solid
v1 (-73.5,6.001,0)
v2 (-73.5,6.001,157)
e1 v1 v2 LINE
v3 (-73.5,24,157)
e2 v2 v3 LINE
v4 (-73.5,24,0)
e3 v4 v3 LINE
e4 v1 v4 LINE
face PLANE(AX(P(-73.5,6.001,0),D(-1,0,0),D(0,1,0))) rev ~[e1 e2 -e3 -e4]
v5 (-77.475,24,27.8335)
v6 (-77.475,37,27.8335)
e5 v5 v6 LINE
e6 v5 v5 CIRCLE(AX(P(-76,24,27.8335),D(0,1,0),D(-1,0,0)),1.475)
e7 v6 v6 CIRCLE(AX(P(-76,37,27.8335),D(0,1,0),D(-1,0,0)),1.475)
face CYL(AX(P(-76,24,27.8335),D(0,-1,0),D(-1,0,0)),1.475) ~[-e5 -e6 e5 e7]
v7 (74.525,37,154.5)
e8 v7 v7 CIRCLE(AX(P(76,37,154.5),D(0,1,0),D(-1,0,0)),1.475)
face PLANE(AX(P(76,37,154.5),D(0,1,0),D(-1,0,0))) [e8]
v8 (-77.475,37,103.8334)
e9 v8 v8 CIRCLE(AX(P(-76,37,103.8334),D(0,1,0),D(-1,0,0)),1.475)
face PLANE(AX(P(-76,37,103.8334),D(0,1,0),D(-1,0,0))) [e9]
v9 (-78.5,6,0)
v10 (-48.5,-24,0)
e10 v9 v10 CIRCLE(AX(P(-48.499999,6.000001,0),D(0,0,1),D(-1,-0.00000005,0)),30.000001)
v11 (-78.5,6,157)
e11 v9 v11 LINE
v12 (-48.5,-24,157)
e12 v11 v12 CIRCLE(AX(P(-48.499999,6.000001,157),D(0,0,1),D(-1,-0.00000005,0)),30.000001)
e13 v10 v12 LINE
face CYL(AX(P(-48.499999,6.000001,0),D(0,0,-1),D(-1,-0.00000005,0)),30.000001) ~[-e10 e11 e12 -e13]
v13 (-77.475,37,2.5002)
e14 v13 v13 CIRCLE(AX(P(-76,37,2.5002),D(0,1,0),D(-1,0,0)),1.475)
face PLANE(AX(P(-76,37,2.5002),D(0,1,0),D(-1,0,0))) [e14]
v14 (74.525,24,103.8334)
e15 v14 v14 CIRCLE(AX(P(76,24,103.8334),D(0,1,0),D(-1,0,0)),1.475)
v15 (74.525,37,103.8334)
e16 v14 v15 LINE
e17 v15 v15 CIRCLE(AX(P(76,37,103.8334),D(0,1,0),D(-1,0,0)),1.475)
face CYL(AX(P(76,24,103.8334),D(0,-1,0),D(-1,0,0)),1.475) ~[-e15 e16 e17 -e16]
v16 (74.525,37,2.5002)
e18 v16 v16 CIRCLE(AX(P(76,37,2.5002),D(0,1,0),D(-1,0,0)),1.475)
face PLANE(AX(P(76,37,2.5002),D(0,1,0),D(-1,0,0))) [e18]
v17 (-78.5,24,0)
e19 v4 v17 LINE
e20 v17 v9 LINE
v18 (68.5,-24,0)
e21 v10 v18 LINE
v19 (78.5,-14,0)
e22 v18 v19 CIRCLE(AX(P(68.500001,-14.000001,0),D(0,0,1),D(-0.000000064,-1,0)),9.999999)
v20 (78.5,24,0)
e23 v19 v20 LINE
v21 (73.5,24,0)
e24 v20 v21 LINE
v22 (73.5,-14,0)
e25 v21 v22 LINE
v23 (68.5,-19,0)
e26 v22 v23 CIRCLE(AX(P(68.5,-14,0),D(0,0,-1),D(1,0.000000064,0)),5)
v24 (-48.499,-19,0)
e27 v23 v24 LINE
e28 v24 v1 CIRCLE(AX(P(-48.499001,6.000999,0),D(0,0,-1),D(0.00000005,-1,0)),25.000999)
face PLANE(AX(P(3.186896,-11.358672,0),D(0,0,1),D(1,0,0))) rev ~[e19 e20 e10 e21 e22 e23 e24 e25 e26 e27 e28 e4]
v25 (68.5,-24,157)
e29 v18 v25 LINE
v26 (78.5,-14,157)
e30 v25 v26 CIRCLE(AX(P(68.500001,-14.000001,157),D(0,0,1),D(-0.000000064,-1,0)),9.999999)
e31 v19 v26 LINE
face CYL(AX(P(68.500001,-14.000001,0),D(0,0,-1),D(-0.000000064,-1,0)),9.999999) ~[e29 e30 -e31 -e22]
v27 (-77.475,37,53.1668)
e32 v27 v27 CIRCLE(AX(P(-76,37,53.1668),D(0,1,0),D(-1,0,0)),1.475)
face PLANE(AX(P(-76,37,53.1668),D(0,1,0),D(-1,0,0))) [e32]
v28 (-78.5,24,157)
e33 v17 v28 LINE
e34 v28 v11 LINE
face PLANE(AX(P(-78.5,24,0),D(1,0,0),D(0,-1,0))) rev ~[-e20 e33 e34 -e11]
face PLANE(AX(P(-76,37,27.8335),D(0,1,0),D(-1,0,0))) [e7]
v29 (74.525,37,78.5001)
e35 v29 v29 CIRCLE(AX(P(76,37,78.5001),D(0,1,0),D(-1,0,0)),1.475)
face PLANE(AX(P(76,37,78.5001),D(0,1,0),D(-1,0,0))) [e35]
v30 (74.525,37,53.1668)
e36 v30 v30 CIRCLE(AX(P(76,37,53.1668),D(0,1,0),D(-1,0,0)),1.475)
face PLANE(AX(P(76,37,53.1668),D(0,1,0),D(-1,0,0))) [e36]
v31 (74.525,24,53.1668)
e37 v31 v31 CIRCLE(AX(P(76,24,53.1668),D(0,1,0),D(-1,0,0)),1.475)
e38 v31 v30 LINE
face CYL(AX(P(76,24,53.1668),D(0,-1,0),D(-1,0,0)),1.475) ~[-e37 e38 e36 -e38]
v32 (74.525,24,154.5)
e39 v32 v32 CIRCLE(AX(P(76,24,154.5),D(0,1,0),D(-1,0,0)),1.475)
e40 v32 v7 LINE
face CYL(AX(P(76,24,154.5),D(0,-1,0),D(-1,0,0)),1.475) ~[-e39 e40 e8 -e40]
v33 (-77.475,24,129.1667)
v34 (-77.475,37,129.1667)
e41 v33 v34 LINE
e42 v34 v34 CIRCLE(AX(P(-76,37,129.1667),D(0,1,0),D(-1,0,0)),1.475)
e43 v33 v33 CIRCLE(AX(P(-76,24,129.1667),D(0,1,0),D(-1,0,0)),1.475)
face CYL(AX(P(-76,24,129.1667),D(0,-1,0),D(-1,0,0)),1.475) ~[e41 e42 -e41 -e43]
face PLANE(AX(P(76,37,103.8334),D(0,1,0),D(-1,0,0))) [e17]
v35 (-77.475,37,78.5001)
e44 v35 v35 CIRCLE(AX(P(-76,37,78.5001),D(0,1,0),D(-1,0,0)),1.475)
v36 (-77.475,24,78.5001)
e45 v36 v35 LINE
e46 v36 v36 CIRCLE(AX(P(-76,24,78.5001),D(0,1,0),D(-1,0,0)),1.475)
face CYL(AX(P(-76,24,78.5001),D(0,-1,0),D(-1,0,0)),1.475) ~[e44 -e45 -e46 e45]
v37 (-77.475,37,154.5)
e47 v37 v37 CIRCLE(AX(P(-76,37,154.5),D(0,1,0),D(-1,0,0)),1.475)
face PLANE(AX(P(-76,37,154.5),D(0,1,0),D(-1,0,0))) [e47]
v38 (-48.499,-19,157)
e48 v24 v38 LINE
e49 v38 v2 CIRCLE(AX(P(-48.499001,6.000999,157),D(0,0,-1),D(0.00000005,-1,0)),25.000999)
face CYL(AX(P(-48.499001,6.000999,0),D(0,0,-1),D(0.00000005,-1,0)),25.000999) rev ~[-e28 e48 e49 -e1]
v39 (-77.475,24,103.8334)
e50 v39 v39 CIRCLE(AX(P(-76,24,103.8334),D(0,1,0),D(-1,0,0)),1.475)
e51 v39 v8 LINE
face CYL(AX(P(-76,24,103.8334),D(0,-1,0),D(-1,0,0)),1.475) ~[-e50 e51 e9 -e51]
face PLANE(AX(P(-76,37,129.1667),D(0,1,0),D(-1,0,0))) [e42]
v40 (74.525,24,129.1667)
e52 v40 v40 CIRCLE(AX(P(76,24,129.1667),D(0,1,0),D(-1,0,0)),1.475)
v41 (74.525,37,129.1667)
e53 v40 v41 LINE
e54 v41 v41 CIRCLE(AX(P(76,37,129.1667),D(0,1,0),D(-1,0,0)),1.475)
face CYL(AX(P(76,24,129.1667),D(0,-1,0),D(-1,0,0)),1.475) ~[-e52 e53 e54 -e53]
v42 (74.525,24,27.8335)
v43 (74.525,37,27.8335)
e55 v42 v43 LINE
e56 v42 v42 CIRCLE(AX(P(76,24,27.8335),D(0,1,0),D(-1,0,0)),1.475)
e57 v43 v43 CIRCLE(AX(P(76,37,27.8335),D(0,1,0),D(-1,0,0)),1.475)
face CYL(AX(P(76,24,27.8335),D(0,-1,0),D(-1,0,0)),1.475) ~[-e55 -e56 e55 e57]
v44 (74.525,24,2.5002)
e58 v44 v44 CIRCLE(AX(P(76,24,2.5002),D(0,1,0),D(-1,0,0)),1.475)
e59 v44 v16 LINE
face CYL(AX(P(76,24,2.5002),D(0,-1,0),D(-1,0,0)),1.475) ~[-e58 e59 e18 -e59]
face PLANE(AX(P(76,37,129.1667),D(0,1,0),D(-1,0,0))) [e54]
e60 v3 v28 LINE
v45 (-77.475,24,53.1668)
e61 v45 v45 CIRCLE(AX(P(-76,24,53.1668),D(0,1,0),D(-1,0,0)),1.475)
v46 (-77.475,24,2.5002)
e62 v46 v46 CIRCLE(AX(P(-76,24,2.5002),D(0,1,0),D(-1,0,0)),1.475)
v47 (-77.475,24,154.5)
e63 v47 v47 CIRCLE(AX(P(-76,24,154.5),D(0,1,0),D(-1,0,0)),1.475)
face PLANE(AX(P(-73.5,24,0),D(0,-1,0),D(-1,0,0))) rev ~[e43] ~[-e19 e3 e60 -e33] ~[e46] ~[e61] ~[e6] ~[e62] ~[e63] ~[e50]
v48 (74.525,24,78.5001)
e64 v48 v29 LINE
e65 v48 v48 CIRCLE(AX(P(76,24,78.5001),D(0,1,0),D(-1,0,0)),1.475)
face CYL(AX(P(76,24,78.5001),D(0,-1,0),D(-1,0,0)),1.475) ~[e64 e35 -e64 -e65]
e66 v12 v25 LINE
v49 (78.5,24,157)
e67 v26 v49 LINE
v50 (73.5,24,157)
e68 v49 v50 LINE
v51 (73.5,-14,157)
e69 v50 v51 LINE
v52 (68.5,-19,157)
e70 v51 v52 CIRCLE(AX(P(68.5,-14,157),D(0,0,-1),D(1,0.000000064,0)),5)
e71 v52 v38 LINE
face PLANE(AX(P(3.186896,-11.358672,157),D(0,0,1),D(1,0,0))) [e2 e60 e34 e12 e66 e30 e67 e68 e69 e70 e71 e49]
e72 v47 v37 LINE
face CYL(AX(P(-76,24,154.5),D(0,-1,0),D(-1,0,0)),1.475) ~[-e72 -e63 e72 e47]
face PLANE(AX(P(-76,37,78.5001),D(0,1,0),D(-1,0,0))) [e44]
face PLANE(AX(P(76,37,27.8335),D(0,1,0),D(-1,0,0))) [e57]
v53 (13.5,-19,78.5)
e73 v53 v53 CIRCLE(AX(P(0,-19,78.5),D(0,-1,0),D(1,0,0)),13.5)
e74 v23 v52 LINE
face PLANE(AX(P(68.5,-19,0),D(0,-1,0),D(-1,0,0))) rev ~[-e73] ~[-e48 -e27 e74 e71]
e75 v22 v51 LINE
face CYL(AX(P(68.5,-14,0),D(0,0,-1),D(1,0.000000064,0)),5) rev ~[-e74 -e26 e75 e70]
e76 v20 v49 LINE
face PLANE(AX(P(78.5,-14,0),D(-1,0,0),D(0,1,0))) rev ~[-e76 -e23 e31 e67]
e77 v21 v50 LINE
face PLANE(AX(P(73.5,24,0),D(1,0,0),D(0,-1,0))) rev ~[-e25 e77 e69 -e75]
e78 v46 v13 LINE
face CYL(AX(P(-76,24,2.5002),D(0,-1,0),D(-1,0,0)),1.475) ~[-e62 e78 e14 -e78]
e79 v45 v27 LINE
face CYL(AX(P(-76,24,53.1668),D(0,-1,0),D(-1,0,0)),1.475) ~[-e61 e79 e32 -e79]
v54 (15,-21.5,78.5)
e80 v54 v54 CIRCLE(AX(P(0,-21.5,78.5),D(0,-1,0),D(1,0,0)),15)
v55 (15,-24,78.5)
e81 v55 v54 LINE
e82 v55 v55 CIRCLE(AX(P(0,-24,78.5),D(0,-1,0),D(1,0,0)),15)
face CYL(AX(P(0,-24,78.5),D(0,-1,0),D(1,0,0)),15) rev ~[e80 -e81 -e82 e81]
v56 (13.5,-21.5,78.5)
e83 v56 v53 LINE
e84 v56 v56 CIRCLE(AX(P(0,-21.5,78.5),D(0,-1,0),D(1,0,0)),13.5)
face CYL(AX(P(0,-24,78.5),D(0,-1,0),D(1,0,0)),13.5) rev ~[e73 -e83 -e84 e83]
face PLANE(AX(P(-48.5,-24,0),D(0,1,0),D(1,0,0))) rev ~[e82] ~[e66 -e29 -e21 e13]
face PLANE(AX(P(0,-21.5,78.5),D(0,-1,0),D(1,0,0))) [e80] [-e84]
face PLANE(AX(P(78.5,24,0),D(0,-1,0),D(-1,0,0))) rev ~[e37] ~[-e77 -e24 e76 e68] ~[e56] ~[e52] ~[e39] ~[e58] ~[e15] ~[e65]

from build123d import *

# Parameters (mm, degrees)
F1_DEPTH = 157
F2_R     = 13.5
F3_DEPTH = 25
F4_R     = 15
F5_DEPTH = 2.5
F6_R     = 1.475
F7_DEPTH = 13
F8_R     = 1.475
F9_DEPTH = 13


with BuildPart() as f1:
    # F0 (on Top) → F1 (new body)
    with BuildSketch(Plane.XY):
        with BuildLine():
            Line((-48.5, -24), (68.5, -24))
            ThreePointArc((68.5, -24), (75.571068, -21.071068), (78.5, -14))
            Line((78.5, -14), (78.5, 24))
            Line((78.5, 24), (73.5, 24))
            Line((73.5, 24), (73.5, -14))
            ThreePointArc((73.5, -14), (72.035534, -17.535534), (68.5, -19))
            Line((68.5, -19), (-48.499, -19))
            ThreePointArc((-48.499, -19), (-66.177377, -11.677377), (-73.5, 6.001))
            Line((-73.5, 6.001), (-73.5, 24))
            Line((-73.5, 24), (-78.5, 24))
            Line((-78.5, 24), (-78.5, 6))
            ThreePointArc((-78.5, 6), (-69.713203, -15.213203), (-48.5, -24))
        make_face()
    extrude(amount=F1_DEPTH)

    # F2 (on face) → F3 (cut)
    with BuildSketch(Plane.XZ.offset(24)):
        with Locations((0, 78.5)):
            Circle(F2_R)
    extrude(amount=-F3_DEPTH, mode=Mode.SUBTRACT)

    # F4 (on face) → F5 (cut)
    with BuildSketch(Plane.XZ.offset(24)):
        with Locations((0, 78.5)):
            Circle(F4_R)
    extrude(amount=-F5_DEPTH, mode=Mode.SUBTRACT)

    # F6 (on face) → F7 (join)
    with BuildSketch(Plane(origin=(0, 24, 0), x_dir=(-1, 0, 0), z_dir=(0, 1, 0))):
        with Locations((-76, 154.5)):
            Circle(F6_R)
        with Locations((-76, 129.1667)):
            Circle(F6_R)
        with Locations((-76, 103.8334)):
            Circle(F6_R)
        with Locations((-76, 78.5001)):
            Circle(F6_R)
        with Locations((-76, 53.1668)):
            Circle(F6_R)
        with Locations((-76, 27.8335)):
            Circle(F6_R)
        with Locations((-76, 2.5002)):
            Circle(F6_R)
    extrude(amount=F7_DEPTH)

    # F8 (on face) → F9 (join)
    with BuildSketch(Plane(origin=(0, 24, 0), x_dir=(-1, 0, 0), z_dir=(0, 1, 0))):
        with Locations((76, 103.8334)):
            Circle(F8_R)
        with Locations((76, 129.1667)):
            Circle(F8_R)
        with Locations((76, 154.5)):
            Circle(F8_R)
        with Locations((76, 78.5001)):
            Circle(F8_R)
        with Locations((76, 53.1668)):
            Circle(F8_R)
        with Locations((76, 2.5002)):
            Circle(F8_R)
        with Locations((76, 27.8335)):
            Circle(F8_R)
    extrude(amount=F9_DEPTH)


solid = f1.part
